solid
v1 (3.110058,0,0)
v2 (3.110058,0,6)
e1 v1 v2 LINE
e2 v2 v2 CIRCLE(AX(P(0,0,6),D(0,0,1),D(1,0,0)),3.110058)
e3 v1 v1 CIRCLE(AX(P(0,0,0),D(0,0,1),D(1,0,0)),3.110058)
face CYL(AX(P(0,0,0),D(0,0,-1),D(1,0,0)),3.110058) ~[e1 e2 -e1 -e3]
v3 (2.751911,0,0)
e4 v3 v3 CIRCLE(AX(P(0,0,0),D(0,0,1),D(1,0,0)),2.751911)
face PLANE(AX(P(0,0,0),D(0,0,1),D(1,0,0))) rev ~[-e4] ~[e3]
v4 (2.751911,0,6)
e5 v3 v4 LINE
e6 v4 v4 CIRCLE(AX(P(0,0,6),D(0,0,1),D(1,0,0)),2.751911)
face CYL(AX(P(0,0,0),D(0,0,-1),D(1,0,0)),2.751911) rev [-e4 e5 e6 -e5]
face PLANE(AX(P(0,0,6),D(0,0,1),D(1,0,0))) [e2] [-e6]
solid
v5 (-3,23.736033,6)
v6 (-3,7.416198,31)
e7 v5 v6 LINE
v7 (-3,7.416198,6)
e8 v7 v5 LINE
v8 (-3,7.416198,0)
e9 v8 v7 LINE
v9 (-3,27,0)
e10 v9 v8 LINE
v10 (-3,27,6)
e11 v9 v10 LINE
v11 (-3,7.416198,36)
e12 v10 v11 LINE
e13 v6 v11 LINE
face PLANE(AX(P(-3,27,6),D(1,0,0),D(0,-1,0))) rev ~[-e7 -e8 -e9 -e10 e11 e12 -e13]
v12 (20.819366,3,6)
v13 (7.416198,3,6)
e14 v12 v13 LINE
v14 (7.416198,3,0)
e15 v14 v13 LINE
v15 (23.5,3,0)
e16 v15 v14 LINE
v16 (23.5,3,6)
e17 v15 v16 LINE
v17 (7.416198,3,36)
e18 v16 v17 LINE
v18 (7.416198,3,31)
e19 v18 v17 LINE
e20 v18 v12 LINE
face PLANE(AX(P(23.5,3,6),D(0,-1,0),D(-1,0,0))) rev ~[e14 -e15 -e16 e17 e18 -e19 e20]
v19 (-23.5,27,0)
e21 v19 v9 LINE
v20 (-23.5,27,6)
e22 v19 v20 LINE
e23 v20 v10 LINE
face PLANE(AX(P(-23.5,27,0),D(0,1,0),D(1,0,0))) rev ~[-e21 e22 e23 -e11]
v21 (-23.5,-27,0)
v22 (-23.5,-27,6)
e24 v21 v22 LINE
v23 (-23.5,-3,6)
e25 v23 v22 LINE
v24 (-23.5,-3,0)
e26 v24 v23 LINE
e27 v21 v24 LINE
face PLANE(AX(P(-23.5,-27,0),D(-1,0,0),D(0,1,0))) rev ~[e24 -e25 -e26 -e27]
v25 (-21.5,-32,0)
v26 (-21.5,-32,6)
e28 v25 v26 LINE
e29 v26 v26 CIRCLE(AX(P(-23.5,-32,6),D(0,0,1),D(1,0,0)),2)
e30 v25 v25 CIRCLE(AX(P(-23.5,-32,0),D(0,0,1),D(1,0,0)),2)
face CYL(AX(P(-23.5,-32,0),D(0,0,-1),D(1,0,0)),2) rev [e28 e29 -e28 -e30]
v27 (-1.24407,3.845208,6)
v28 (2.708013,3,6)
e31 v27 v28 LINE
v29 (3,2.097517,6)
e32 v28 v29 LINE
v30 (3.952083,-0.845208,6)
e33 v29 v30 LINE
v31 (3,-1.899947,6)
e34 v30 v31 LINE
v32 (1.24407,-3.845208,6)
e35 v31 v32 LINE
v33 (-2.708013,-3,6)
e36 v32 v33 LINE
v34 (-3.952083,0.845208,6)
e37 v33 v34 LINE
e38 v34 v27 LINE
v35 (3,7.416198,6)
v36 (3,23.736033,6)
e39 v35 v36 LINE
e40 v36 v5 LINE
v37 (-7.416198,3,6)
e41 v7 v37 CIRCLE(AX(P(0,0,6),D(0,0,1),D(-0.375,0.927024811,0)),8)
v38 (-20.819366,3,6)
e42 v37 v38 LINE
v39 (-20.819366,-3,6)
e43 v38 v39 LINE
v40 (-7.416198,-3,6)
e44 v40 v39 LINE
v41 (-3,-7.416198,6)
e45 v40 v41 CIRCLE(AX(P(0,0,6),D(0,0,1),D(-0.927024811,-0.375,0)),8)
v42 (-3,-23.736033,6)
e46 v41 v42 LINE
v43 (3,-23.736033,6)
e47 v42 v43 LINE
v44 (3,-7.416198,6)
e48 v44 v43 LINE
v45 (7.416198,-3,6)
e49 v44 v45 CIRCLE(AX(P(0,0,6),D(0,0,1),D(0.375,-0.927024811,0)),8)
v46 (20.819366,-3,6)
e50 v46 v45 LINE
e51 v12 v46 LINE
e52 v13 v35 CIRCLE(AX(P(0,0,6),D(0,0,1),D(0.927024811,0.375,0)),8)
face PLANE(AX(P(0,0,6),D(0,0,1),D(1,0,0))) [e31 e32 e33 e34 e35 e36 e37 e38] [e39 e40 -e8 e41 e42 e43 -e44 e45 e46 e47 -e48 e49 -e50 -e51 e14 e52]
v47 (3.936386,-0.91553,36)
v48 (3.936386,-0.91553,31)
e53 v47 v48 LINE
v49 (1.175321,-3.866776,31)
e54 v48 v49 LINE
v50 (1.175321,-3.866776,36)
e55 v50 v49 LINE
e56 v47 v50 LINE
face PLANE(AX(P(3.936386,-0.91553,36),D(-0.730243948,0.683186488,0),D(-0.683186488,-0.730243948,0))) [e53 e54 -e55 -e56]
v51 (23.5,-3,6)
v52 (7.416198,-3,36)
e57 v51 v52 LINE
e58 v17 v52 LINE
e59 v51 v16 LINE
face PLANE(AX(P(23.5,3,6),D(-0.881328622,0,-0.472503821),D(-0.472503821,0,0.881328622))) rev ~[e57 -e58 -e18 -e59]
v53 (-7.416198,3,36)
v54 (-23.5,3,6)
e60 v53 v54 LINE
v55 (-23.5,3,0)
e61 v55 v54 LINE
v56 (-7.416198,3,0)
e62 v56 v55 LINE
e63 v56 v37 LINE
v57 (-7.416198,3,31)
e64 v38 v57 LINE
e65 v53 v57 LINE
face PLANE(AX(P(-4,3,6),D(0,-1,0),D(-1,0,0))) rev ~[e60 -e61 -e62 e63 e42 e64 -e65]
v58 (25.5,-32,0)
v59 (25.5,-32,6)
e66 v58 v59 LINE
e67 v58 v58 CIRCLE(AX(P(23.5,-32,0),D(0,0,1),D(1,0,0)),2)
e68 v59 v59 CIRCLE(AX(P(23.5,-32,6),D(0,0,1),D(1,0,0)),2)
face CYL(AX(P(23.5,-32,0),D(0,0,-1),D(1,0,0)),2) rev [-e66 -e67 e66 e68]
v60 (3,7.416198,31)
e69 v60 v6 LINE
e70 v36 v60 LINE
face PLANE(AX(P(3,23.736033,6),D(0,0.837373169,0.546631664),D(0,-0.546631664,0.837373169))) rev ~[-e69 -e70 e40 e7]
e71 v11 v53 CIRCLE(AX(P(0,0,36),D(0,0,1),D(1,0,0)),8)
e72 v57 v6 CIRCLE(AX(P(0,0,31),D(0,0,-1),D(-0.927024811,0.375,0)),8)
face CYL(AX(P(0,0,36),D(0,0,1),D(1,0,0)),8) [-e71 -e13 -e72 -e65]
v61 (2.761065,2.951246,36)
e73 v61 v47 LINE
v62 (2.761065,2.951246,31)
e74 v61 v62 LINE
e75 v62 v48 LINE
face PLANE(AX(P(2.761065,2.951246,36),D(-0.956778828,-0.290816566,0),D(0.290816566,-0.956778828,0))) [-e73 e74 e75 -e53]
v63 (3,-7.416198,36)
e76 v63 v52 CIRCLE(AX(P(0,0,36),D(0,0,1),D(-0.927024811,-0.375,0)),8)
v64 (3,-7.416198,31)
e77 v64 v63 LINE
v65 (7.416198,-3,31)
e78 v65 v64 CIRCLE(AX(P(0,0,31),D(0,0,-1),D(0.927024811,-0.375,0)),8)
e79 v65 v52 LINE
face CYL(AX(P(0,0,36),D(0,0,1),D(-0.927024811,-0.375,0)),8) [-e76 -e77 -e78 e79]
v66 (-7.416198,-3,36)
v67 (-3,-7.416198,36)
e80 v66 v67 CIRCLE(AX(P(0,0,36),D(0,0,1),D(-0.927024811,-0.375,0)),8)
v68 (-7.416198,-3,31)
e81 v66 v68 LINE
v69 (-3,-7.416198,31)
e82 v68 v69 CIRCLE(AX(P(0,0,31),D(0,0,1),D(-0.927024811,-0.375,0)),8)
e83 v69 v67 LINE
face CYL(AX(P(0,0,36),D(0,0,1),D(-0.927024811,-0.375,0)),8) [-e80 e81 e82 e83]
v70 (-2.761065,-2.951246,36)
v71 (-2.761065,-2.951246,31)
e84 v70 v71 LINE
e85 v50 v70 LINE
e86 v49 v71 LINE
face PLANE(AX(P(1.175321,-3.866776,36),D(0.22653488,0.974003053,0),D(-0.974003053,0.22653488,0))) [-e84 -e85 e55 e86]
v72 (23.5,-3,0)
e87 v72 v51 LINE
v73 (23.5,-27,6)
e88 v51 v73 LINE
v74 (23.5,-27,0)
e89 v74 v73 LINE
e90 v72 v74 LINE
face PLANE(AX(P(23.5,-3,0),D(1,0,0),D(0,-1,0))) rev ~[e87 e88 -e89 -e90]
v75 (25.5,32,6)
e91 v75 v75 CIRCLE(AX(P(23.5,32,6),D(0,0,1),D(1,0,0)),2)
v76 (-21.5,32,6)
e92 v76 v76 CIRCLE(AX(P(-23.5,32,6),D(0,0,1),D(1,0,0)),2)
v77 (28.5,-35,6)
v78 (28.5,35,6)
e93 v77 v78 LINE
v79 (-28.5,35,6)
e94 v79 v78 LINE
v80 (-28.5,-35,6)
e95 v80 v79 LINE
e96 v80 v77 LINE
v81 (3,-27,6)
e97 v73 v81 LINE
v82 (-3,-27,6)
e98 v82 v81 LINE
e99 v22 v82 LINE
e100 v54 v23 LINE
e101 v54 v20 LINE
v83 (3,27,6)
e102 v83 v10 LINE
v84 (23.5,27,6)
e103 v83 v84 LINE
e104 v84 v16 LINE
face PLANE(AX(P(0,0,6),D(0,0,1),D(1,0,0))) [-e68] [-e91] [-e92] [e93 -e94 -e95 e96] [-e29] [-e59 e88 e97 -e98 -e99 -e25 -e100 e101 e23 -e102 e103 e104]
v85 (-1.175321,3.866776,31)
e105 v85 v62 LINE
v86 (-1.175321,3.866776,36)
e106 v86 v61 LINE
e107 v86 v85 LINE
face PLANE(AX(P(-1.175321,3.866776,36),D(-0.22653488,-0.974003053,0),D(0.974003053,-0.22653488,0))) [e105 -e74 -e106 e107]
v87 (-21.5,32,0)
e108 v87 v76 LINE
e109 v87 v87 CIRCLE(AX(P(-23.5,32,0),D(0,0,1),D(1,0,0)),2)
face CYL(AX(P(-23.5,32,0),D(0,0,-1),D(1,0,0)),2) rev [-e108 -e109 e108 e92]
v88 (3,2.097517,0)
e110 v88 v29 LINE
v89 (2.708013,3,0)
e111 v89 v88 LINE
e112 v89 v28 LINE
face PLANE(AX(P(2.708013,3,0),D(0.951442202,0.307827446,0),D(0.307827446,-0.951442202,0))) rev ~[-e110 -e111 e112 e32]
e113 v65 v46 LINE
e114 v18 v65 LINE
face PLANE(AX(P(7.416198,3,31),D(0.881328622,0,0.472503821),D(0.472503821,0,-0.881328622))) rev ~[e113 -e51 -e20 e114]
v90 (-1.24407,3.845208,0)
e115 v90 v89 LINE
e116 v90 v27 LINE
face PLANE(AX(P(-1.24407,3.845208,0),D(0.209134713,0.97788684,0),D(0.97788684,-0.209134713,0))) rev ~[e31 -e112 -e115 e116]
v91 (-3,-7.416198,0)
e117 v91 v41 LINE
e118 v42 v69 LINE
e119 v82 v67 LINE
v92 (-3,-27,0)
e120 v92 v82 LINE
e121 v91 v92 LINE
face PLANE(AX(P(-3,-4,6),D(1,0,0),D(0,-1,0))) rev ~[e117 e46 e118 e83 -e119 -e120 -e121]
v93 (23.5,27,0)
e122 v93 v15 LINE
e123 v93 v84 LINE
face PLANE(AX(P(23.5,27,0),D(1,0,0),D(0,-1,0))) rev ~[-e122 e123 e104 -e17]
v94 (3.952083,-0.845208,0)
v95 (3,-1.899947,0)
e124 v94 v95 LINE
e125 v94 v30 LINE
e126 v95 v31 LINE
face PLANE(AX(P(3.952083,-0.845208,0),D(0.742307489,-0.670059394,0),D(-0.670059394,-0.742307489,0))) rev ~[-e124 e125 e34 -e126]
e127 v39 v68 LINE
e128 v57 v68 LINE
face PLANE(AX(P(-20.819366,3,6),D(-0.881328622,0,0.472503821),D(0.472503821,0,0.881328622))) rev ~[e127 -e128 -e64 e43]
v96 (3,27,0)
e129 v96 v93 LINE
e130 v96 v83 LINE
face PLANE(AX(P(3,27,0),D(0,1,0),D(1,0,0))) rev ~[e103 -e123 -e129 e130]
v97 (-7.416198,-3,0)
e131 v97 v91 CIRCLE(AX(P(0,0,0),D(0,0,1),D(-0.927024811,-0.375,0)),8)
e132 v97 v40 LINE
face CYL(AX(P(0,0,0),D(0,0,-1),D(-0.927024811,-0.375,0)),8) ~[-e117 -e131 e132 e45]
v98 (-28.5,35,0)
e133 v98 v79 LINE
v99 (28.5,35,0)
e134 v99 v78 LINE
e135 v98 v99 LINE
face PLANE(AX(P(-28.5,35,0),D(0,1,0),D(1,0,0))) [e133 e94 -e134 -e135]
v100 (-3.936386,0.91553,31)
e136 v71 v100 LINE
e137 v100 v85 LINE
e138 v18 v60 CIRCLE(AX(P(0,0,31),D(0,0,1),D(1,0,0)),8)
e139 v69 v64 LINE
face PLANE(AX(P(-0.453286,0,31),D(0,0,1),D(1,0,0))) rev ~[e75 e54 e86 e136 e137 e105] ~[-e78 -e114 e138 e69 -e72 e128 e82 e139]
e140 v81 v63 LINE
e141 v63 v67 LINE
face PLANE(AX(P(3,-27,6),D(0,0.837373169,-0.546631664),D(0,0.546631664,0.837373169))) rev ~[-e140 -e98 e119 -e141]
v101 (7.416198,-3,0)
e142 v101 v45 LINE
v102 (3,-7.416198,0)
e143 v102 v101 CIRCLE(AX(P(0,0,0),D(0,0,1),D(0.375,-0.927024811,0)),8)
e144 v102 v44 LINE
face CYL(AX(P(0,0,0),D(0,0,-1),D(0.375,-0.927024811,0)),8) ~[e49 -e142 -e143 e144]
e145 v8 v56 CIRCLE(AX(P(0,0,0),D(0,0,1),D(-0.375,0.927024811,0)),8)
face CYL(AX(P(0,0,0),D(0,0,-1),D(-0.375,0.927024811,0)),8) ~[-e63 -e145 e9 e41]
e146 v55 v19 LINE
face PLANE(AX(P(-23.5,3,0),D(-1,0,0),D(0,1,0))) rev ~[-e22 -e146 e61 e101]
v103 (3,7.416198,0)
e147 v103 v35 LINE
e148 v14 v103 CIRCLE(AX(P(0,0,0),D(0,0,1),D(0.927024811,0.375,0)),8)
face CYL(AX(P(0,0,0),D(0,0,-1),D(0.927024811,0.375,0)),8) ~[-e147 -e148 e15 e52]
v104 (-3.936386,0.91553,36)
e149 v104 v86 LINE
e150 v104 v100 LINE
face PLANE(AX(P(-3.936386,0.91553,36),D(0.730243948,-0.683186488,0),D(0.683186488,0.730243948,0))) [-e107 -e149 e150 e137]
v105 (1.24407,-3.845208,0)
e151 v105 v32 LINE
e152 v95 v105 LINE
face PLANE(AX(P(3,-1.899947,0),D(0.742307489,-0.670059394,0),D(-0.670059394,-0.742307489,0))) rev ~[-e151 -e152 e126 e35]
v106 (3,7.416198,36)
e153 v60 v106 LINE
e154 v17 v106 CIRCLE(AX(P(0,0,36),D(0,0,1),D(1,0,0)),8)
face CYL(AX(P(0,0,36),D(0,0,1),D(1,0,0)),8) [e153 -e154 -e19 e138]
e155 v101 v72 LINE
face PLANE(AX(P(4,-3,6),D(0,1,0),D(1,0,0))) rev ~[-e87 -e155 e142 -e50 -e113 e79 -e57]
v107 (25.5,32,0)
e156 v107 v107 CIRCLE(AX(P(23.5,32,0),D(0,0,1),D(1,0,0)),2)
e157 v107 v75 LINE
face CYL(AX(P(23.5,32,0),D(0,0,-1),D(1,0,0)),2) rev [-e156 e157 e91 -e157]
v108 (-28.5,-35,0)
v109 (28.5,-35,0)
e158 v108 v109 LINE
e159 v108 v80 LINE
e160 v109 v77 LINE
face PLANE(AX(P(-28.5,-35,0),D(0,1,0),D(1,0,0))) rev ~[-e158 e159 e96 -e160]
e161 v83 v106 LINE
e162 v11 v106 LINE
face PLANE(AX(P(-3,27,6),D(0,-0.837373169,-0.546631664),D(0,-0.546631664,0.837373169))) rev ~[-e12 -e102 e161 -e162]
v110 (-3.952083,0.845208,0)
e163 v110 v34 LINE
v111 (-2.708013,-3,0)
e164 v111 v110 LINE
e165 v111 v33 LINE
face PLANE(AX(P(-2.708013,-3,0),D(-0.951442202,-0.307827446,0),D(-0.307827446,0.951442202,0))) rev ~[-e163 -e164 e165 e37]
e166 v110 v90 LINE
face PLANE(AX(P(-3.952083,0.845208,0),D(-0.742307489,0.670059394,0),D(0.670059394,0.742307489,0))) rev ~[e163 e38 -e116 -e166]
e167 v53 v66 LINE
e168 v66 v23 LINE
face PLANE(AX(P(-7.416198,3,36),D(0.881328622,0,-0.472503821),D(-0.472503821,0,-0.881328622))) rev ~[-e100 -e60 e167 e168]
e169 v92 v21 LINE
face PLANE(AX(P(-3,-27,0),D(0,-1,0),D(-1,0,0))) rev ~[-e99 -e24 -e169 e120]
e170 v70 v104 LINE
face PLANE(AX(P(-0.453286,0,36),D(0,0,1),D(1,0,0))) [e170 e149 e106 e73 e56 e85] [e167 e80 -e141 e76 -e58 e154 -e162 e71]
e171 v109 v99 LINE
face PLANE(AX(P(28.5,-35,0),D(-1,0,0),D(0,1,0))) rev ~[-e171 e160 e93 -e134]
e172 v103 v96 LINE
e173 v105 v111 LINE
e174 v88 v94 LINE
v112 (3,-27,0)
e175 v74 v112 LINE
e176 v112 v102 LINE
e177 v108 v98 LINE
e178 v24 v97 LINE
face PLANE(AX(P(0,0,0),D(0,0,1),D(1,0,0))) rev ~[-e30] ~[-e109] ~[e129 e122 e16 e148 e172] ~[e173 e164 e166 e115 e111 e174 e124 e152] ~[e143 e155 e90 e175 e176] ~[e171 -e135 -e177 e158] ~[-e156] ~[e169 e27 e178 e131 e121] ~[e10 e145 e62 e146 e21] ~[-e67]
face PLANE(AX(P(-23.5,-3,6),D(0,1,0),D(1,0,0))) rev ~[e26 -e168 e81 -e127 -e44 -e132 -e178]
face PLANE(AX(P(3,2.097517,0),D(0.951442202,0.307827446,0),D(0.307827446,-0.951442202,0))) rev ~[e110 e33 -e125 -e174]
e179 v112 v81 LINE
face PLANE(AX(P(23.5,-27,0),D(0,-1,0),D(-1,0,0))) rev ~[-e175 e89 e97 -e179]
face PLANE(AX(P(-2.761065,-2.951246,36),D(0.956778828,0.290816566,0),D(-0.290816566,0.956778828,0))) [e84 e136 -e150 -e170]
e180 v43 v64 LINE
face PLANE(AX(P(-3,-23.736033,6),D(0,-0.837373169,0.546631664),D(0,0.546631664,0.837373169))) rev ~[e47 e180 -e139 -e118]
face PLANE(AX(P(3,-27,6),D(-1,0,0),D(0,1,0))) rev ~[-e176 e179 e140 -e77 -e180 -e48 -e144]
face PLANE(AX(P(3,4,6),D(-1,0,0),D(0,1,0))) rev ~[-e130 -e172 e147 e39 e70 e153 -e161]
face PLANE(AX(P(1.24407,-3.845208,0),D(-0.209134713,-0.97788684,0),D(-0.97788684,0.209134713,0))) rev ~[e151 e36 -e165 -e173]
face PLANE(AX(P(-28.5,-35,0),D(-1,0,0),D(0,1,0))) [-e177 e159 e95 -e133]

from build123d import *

# Parameters (mm, degrees)
F0_W      = 57
F0_H      = 70
F0_R      = 2
F1_DEPTH  = 6
F0_R_2    = 3.1100578844
F0_R_3    = 2.7519114789
F3_DEPTH  = 30
F5_DEPTH  = 5
F7_DEPTH  = 25
F9_DEPTH  = 25
F11_DEPTH = 25
F13_DEPTH = 25
F15_DEPTH = 25
F17_DEPTH = 25
F19_DEPTH = 25
F21_DEPTH = 25


with BuildPart() as f1:
    # F0 (on Top) → F1 (new body)
    with BuildSketch(Plane.XY):
        Rectangle(F0_W, F0_H)
        with Locations((-23.5, -32)):
            Circle(F0_R, mode=Mode.SUBTRACT)
        with BuildLine():
            Line((-3, -27), (-23.5, -27))
            Line((-23.5, -27), (-23.5, -3))
            Line((-23.5, -3), (-7.4161984871, -3))
            ThreePointArc((-7.4161984871, -3), (-5.6568542495, -5.6568542495), (-3, -7.4161984871))
            Line((-3, -7.4161984871), (-3, -27))
        make_face(mode=Mode.SUBTRACT)
        with Locations((23.5, -32)):
            Circle(F0_R, mode=Mode.SUBTRACT)
        with BuildLine():
            Line((23.5, -3), (23.5, -27))
            Line((23.5, -27), (3, -27))
            Line((3, -27), (3, -7.4161984871))
            ThreePointArc((3, -7.4161984871), (5.6568542495, -5.6568542495), (7.4161984871, -3))
            Line((7.4161984871, -3), (23.5, -3))
        make_face(mode=Mode.SUBTRACT)
        with BuildLine():
            Line((-23.5, 3), (-23.5, 27))
            Line((-23.5, 27), (-3, 27))
            Line((-3, 27), (-3, 7.4161984871))
            ThreePointArc((-3, 7.4161984871), (-5.6568542495, 5.6568542495), (-7.4161984871, 3))
            Line((-7.4161984871, 3), (-23.5, 3))
        make_face(mode=Mode.SUBTRACT)
        with Locations((-23.5, 32)):
            Circle(F0_R, mode=Mode.SUBTRACT)
        Polygon((-2.7080128015, -3), (-3.9520826121, 0.8452078799), (-1.2440698106, 3.8452078799), (2.7080128015, 3), (3, 2.0975173043), (3.9520826121, -0.8452078799), (3, -1.8999472943), (1.2440698106, -3.8452078799), align=None, mode=Mode.SUBTRACT)
        with BuildLine():
            Line((23.5, 3), (7.4161984871, 3))
            ThreePointArc((7.4161984871, 3), (5.6568542495, 5.6568542495), (3, 7.4161984871))
            Line((3, 7.4161984871), (3, 27))
            Line((3, 27), (23.5, 27))
            Line((23.5, 27), (23.5, 3))
        make_face(mode=Mode.SUBTRACT)
        with Locations((23.5, 32)):
            Circle(F0_R, mode=Mode.SUBTRACT)
    extrude(amount=F1_DEPTH)

    # F2 (on face) → F3 (join)
    with BuildSketch(Plane.XY.offset(6)):
        with BuildLine():
            ThreePointArc((3, -4), (0, -5), (-3, -4))
            Line((-3, -4), (-3, -7.4161984871))
            Line((-3, -7.4161984871), (-3, -27))
            Line((-3, -27), (3, -27))
            Line((3, -27), (3, -7.4161984871))
            Line((3, -7.4161984871), (3, -4))
        make_face()
        with BuildLine():
            Line((23.5, 3), (7.4161984871, 3))
            Line((7.4161984871, 3), (4, 3))
            ThreePointArc((4, 3), (4.7434164903, 1.5811388301), (5, 0))
            ThreePointArc((5, 0), (4.7434164903, -1.5811388301), (4, -3))
            Line((4, -3), (7.4161984871, -3))
            Line((7.4161984871, -3), (23.5, -3))
            Line((23.5, -3), (23.5, 3))
        make_face()
        with BuildLine():
            Line((3, 27), (-3, 27))
            Line((-3, 27), (-3, 7.4161984871))
            Line((-3, 7.4161984871), (-3, 4))
            ThreePointArc((-3, 4), (0, 5), (3, 4))
            Line((3, 4), (3, 7.4161984871))
            Line((3, 7.4161984871), (3, 27))
        make_face()
        with BuildLine():
            Line((-4, 3), (-7.4161984871, 3))
            Line((-7.4161984871, 3), (-23.5, 3))
            Line((-23.5, 3), (-23.5, -3))
            Line((-23.5, -3), (-7.4161984871, -3))
            Line((-7.4161984871, -3), (-4, -3))
            ThreePointArc((-4, -3), (-5, 0), (-4, 3))
        make_face()
    extrude(amount=F3_DEPTH)

    # F4 (on face) → F5 (join)
    with BuildSketch(Plane.XY.offset(36)):
        with BuildLine():
            ThreePointArc((-7.4161984871, -3), (1.5281380997, -7.85269342), (8, 0))
            ThreePointArc((8, 0), (1.5281380997, 7.85269342), (-7.4161984871, 3))
            Line((-7.4161984871, 3), (-4, 3))
            ThreePointArc((-4, 3), (-5, 0), (-4, -3))
            Line((-4, -3), (-7.4161984871, -3))
        make_face()
        Polygon((-2.7610653181, -2.951245778), (-3.9363864757, 0.915529818), (-1.1753211575, 3.866775596), (2.7610653181, 2.951245778), (3.9363864757, -0.915529818), (1.1753211575, -3.866775596), align=None, mode=Mode.SUBTRACT)
    extrude(amount=-F5_DEPTH)

    # F6 (on face) → F7 (cut)
    with BuildSketch(Plane.YZ.offset(3)):
        Polygon((-27, 6), (-7.4161984871, 36), (-27, 36), align=None)
    extrude(amount=-F7_DEPTH, mode=Mode.SUBTRACT)

    # F8 (on face) → F9 (cut)
    with BuildSketch(Plane(origin=(0, 3, 0), x_dir=(-1, 0, 0), z_dir=(0, 1, 0))):
        Polygon((23.5, 36), (7.4161984871, 36), (23.5, 6), align=None)
    extrude(amount=-F9_DEPTH, mode=Mode.SUBTRACT)

    # F10 (on face) → F11 (cut)
    with BuildSketch(Plane(origin=(-3, 0, 0), x_dir=(0, -1, 0), z_dir=(-1, 0, 0))):
        Polygon((-27, 6), (-7.4161984871, 36), (-27, 36), align=None)
    extrude(amount=-F11_DEPTH, mode=Mode.SUBTRACT)

    # F12 (on face) → F13 (cut)
    with BuildSketch(Plane(origin=(0, 3, 0), x_dir=(-1, 0, 0), z_dir=(0, 1, 0))):
        Polygon((-23.5, 6), (-7.4161984871, 36), (-23.5, 36), align=None)
    extrude(amount=-F13_DEPTH, mode=Mode.SUBTRACT)

    # F14 (on face) → F15 (cut)
    with BuildSketch(Plane.YZ.offset(3)):
        Polygon((4, 31), (4, 6), (7.4161984871, 6), (23.7360330812, 6), (7.4161984871, 31), align=None)
    extrude(amount=-F15_DEPTH, mode=Mode.SUBTRACT)

    # F16 (on face) → F17 (cut)
    with BuildSketch(Plane(origin=(0, 3, 0), x_dir=(-1, 0, 0), z_dir=(0, 1, 0))):
        Polygon((4, 31), (4, 6), (7.4161984871, 6), (20.8193664145, 6), (7.4161984871, 31), align=None)
    extrude(amount=-F17_DEPTH, mode=Mode.SUBTRACT)

    # F18 (on face) → F19 (cut)
    with BuildSketch(Plane(origin=(-3, 0, 0), x_dir=(0, -1, 0), z_dir=(-1, 0, 0))):
        Polygon((4, 31), (4, 6), (23.7360330812, 6), (7.4161984871, 31), align=None)
    extrude(amount=-F19_DEPTH, mode=Mode.SUBTRACT)

    # F20 (on face) → F21 (cut)
    with BuildSketch(Plane(origin=(0, 3, 0), x_dir=(-1, 0, 0), z_dir=(0, 1, 0))):
        Polygon((-5.7080992435, 6), (-4, 6), (-4, 31), (-7.4161984871, 31), (-20.8193664145, 6), align=None)
    extrude(amount=-F21_DEPTH, mode=Mode.SUBTRACT)


with BuildPart() as f1b:
    # F0 (on Top) → F1, piece 2 (new body)
    with BuildSketch(Plane.XY):
        Circle(F0_R_2)
        Circle(F0_R_3, mode=Mode.SUBTRACT)
    extrude(amount=F1_DEPTH)


solid = Compound([f1.part, f1b.part])
